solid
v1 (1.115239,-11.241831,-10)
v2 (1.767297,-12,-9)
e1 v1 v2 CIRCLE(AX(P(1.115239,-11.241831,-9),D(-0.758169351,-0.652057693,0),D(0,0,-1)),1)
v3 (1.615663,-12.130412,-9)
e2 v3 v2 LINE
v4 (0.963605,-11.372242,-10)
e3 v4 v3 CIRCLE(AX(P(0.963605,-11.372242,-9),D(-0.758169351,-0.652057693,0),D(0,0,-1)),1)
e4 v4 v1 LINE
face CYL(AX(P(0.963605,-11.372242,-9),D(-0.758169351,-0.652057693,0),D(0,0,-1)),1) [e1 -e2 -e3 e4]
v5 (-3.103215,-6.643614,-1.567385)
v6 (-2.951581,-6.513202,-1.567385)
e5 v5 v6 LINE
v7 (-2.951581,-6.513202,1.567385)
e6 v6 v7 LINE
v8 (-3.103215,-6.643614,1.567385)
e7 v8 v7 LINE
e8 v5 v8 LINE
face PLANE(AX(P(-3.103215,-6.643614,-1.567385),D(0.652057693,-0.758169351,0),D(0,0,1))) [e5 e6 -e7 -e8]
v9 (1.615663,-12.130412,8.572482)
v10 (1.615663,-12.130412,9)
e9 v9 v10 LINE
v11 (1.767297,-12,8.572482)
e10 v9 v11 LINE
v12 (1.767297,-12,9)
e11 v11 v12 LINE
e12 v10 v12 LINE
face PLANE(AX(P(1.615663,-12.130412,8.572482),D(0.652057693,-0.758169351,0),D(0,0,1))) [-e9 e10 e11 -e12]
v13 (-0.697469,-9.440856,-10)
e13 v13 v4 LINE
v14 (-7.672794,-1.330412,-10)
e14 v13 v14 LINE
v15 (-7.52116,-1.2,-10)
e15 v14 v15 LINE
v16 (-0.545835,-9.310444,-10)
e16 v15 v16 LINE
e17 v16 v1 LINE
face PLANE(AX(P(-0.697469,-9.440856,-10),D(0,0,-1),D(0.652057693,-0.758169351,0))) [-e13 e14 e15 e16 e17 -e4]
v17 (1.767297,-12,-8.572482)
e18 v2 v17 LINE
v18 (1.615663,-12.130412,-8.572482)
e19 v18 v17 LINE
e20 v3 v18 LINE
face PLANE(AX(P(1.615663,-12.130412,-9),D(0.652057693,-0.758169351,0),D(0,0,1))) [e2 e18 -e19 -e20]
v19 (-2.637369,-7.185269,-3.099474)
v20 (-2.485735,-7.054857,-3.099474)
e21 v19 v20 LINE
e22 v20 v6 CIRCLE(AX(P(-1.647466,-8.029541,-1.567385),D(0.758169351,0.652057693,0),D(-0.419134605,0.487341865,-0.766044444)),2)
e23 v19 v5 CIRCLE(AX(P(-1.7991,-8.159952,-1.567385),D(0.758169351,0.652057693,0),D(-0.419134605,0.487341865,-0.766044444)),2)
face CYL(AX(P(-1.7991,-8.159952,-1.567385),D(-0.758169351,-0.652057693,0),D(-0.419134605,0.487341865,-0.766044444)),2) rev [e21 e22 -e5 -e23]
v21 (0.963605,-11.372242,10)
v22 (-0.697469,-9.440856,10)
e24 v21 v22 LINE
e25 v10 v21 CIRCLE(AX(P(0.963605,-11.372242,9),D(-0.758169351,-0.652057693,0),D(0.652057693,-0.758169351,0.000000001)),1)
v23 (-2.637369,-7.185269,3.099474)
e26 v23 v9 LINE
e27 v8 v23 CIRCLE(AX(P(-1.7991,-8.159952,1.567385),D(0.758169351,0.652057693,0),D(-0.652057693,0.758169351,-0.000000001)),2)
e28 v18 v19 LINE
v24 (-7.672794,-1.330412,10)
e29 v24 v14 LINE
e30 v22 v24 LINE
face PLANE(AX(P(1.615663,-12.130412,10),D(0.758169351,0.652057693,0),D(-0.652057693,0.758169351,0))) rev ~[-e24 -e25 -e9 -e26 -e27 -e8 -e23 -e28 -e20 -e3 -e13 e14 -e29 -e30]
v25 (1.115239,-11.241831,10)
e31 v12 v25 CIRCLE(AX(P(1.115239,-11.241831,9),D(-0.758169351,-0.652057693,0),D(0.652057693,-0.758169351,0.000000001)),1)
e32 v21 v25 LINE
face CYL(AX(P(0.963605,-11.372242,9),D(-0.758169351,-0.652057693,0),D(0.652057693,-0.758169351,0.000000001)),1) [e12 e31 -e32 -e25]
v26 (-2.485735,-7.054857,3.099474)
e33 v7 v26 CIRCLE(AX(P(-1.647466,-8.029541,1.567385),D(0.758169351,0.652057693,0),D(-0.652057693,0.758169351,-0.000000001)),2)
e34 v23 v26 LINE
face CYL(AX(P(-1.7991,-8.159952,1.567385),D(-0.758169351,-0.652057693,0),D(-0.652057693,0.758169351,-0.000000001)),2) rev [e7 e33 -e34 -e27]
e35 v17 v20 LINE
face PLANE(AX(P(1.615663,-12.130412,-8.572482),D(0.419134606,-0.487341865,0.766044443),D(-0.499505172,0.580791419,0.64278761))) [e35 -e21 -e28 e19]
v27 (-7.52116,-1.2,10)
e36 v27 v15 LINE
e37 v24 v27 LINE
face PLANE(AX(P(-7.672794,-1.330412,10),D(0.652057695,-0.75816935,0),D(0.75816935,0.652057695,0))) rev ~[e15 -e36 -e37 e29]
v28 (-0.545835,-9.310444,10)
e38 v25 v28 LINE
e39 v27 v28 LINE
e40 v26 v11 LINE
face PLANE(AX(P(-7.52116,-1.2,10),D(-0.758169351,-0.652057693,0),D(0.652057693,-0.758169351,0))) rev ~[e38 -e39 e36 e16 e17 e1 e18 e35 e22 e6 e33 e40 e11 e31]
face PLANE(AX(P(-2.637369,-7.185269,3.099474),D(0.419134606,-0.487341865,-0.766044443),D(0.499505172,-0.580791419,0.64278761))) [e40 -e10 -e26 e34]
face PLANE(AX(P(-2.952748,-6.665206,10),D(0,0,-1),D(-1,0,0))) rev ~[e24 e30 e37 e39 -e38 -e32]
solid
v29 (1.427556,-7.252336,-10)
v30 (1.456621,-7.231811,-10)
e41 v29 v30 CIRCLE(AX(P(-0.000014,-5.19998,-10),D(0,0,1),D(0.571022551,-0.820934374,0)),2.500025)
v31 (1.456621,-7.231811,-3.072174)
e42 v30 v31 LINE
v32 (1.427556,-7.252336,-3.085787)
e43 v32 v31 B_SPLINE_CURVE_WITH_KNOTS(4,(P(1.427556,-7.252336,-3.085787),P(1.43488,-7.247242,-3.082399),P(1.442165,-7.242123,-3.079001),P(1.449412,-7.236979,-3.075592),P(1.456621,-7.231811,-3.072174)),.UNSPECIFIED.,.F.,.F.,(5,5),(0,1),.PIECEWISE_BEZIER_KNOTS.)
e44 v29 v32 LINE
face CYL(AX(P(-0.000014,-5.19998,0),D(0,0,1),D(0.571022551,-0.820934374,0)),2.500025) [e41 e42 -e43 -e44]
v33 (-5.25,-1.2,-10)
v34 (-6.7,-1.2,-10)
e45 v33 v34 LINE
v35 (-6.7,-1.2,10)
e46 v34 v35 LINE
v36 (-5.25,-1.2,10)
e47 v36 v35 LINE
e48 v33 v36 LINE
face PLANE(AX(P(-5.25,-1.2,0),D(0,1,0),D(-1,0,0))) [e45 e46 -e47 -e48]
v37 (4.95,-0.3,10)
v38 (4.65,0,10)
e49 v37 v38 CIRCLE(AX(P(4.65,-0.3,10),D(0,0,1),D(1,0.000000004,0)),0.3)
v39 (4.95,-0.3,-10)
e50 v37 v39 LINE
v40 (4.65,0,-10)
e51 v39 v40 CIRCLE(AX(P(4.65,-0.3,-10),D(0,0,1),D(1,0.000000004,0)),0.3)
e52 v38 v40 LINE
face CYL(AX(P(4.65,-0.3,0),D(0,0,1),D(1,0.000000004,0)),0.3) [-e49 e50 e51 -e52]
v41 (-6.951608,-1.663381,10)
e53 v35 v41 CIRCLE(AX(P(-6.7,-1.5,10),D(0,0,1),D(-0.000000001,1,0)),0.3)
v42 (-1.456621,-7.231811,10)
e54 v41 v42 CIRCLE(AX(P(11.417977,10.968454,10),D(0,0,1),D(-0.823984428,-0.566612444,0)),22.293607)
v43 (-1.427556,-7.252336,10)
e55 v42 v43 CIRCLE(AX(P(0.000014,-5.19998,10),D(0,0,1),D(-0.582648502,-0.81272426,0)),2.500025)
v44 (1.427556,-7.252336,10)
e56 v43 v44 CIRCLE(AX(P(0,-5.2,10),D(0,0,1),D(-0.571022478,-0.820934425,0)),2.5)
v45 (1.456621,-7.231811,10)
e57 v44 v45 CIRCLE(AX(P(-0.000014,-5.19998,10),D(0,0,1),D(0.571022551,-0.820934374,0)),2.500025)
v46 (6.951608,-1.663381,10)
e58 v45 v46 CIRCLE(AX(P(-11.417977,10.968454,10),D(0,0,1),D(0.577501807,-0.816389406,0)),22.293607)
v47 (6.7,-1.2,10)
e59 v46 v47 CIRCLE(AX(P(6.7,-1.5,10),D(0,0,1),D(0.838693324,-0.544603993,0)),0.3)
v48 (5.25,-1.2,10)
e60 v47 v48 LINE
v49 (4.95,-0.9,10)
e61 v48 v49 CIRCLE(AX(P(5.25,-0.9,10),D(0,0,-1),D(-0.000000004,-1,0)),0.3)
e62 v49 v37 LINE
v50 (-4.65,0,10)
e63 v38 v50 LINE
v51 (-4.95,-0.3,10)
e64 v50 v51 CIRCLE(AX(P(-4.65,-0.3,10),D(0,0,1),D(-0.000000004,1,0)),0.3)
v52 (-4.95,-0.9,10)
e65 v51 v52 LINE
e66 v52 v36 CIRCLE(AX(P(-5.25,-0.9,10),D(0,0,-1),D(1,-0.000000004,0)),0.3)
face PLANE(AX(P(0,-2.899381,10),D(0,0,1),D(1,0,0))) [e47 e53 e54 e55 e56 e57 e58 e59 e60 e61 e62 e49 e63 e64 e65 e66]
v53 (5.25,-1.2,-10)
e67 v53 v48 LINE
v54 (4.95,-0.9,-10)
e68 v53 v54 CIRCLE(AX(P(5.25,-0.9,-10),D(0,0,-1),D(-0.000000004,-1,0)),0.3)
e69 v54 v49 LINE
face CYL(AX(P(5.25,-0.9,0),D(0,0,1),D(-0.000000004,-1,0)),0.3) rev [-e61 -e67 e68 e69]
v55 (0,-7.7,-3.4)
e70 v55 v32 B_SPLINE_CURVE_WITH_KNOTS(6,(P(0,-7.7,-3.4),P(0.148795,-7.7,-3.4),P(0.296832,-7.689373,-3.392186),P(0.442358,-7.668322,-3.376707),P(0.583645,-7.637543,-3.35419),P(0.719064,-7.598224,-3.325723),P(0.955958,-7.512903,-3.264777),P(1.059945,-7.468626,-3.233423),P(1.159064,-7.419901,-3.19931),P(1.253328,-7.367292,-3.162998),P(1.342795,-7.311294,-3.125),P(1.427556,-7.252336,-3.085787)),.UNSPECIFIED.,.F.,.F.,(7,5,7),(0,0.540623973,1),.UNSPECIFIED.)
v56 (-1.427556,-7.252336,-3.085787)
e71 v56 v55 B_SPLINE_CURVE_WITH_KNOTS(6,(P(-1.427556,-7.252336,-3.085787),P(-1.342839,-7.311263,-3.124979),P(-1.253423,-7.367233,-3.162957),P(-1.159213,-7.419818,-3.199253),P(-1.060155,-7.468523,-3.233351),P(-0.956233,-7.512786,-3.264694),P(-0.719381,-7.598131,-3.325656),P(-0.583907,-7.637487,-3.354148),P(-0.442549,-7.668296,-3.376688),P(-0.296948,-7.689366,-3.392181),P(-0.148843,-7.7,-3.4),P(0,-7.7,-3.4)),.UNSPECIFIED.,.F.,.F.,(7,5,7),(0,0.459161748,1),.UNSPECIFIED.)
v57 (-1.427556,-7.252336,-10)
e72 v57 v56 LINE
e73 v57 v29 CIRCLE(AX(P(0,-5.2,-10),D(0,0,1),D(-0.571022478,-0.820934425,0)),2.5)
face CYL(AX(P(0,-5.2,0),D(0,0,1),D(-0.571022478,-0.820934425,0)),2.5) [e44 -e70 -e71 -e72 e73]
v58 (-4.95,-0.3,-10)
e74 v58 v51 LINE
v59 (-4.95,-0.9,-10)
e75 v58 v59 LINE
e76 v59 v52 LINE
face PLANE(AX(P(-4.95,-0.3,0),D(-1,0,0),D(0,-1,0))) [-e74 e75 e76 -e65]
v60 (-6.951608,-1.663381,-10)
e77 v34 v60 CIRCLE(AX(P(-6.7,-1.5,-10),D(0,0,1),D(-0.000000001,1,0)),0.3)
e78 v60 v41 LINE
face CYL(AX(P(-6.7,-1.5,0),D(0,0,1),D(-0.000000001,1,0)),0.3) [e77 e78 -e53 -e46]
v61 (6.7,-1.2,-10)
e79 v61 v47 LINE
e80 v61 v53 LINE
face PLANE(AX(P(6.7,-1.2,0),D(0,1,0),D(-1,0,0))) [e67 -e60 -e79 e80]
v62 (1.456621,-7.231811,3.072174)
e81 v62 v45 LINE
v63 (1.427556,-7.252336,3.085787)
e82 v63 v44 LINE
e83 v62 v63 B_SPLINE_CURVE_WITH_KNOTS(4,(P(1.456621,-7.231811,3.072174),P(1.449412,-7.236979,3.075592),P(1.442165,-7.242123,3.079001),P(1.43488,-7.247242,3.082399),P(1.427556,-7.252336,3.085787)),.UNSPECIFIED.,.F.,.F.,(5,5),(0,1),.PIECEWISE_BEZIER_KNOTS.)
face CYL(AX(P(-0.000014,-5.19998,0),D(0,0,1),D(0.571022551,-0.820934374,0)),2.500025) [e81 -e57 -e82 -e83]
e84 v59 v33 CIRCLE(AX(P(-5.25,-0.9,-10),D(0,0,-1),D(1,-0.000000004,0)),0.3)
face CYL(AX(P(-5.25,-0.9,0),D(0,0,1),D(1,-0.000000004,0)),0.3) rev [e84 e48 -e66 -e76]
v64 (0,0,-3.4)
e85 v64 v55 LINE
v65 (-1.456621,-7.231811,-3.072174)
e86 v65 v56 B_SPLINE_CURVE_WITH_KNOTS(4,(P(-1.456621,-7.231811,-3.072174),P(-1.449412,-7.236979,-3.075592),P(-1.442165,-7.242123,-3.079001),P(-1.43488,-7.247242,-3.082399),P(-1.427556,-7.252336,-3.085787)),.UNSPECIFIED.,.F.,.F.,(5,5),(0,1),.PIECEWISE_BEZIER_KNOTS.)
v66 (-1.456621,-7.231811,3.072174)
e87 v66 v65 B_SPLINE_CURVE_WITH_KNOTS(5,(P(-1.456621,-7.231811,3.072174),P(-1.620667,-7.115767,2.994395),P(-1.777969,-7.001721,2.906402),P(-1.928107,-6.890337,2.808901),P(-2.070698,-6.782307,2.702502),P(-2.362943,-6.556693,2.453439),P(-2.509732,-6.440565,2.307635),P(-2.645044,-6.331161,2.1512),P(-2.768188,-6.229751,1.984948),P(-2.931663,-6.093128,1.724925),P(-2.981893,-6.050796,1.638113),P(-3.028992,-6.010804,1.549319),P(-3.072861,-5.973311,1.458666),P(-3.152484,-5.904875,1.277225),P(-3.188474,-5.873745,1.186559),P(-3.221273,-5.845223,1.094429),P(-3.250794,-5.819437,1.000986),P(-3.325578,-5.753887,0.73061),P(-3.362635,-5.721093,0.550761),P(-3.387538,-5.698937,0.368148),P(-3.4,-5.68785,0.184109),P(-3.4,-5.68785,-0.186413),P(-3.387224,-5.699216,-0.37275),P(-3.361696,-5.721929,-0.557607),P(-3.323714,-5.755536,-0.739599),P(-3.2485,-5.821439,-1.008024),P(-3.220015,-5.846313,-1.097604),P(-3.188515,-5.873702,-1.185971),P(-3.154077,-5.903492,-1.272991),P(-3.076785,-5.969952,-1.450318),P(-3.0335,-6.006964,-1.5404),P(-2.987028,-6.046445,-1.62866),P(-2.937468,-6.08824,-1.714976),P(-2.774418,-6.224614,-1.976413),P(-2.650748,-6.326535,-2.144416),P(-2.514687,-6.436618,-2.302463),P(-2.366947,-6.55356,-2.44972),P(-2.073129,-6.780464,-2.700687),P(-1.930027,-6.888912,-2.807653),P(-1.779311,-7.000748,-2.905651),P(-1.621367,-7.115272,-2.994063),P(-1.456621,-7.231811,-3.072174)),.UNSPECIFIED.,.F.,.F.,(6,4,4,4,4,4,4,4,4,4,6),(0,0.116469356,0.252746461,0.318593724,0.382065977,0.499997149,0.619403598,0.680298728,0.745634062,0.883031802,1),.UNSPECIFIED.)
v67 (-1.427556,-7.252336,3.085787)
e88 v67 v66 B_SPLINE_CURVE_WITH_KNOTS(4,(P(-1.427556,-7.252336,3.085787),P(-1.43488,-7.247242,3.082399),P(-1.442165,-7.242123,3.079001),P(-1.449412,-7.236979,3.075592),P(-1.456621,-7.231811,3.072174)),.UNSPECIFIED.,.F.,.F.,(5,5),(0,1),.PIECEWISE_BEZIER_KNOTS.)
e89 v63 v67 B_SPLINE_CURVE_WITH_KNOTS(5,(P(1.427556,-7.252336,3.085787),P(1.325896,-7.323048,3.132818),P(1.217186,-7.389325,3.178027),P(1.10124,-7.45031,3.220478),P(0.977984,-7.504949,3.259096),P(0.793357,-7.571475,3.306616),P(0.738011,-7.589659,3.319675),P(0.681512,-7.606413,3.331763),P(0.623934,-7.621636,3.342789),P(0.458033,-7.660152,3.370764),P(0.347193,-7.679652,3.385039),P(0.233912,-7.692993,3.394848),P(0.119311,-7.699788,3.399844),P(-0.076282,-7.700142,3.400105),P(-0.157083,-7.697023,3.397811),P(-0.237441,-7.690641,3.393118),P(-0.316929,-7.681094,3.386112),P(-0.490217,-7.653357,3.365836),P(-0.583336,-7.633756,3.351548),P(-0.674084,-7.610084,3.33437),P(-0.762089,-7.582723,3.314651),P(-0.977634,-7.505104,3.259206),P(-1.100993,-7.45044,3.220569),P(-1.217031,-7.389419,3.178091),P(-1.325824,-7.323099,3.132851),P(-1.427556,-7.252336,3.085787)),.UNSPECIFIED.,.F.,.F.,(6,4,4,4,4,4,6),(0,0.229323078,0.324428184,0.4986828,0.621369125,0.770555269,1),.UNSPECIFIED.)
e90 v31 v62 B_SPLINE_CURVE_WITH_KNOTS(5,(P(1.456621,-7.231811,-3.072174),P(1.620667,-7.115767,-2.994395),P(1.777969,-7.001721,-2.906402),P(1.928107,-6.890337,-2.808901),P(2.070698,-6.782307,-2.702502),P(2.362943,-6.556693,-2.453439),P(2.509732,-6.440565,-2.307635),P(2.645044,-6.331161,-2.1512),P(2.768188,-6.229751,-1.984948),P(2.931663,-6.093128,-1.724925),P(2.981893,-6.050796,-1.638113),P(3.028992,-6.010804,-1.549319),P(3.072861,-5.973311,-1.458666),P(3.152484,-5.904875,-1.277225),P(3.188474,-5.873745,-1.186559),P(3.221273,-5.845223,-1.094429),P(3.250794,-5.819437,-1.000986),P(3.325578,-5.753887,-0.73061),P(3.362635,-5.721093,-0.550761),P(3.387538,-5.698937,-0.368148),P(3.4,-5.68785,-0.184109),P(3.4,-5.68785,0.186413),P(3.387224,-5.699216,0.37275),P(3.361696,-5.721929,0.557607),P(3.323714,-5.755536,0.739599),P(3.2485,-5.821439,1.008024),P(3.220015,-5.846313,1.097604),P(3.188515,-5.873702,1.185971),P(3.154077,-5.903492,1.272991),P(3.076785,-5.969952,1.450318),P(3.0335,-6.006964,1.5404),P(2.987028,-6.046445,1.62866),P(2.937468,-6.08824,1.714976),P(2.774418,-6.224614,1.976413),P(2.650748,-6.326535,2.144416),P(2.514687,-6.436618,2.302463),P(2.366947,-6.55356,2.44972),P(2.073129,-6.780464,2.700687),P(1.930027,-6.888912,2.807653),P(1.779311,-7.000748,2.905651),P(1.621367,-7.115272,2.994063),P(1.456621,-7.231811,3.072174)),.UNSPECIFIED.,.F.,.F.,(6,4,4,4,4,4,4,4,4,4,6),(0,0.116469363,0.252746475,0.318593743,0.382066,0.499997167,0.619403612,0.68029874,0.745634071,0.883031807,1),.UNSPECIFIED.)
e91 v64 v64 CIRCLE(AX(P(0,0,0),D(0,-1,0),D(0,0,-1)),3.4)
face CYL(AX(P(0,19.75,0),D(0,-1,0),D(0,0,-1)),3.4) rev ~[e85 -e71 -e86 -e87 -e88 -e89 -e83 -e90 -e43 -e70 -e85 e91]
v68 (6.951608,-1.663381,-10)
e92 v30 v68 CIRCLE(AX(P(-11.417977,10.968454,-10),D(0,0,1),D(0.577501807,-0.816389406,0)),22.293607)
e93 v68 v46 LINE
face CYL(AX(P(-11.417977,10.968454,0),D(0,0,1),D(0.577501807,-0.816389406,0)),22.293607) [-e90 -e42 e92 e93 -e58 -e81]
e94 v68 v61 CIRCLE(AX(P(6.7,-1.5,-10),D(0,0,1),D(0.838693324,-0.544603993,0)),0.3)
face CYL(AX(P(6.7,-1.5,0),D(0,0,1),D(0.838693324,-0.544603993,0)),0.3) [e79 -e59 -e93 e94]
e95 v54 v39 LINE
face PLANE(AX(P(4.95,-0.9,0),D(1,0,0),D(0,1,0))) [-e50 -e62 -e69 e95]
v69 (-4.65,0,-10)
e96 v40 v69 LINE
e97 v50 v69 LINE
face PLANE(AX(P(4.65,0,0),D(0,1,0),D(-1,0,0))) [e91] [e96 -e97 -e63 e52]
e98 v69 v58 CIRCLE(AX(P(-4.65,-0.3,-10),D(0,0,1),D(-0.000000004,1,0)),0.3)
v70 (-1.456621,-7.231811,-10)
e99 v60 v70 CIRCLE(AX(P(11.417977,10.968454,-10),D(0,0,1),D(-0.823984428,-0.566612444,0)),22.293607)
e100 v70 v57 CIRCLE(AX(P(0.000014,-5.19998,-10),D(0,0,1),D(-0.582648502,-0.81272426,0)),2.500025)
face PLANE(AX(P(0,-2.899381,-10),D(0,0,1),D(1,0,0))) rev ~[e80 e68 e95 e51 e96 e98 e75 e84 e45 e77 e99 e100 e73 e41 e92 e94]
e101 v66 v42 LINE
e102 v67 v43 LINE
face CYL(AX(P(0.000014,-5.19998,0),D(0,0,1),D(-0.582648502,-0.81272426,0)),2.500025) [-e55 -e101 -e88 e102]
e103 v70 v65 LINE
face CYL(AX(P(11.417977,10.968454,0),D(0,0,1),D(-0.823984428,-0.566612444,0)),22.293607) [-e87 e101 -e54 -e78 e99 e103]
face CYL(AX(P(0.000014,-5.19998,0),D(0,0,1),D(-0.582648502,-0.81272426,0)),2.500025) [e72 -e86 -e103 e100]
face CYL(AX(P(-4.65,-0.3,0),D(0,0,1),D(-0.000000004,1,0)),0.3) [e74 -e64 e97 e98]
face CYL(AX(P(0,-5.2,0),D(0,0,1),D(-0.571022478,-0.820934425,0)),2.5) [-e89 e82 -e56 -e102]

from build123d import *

# Parameters (mm, degrees)
EXTRUDE_1_DEPTH        = 10
HOLE_WIZARD_M8_1_D     = 6.8
HOLE_WIZARD_M8_1_DEPTH = 19.75
HOLE_WIZARD_M8_1_TIP   = 2.042926105
EXTRUDE_2_DEPTH        = 20
CUT_EXTRUDE_1_DEPTH    = 0.2


with BuildPart() as part:
    # 草图1 → 凸台-拉伸1 (new, symmetric)
    with BuildSketch(Plane.XY):
        with BuildLine():
            ThreePointArc((-4.65, 0), (-4.862132034, -0.087867966), (-4.95, -0.3))
            Line((-4.95, -0.3), (-4.95, -0.9))
            ThreePointArc((-4.95, -0.9), (-5.037867966, -1.112132034), (-5.25, -1.2))
            Line((-5.25, -1.2), (-6.7, -1.2))
            ThreePointArc((-6.7, -1.2), (-6.963642143, -1.356846864), (-6.951607997, -1.663381198))
            ThreePointArc((-6.951607997, -1.663381198), (-4.450280622, -4.690515113), (-1.456621363, -7.231810573))
            ThreePointArc((-1.456621363, -7.231810573), (-1.442125297, -7.242125027), (-1.427556197, -7.252336061))
            ThreePointArc((-1.427556197, -7.252336061), (0, -7.7), (1.427556197, -7.252336061))
            ThreePointArc((1.427556197, -7.252336061), (1.442125297, -7.242125027), (1.456621363, -7.231810573))
            ThreePointArc((1.456621363, -7.231810573), (4.450280622, -4.690515113), (6.951607997, -1.663381198))
            ThreePointArc((6.951607997, -1.663381198), (6.963642143, -1.356846864), (6.7, -1.2))
            Line((6.7, -1.2), (5.25, -1.2))
            ThreePointArc((5.25, -1.2), (5.037867966, -1.112132034), (4.95, -0.9))
            Line((4.95, -0.9), (4.95, -0.3))
            ThreePointArc((4.95, -0.3), (4.862132034, -0.087867966), (4.65, 0))
            Line((4.65, 0), (-4.65, 0))
        make_face()
    extrude(amount=EXTRUDE_1_DEPTH, both=True)

    # M8 螺纹孔1
    with Locations(Plane.ZX):
        with Locations((0, 0)):
            Hole(HOLE_WIZARD_M8_1_D / 2, depth=HOLE_WIZARD_M8_1_DEPTH)
            with Locations((0, 0, -(HOLE_WIZARD_M8_1_DEPTH + HOLE_WIZARD_M8_1_TIP / 2))):  # 118° drill point
                Cone(0, HOLE_WIZARD_M8_1_D / 2, HOLE_WIZARD_M8_1_TIP, mode=Mode.SUBTRACT)


with BuildPart() as body_2:
    # 草图5 → 凸台-拉伸2 (new body)
    with BuildSketch(Plane.XY.offset(10)):
        Polygon((-7.52115968, -1.2), (1.767296875, -12), (1.615663005, -12.130411539), (-7.67279355, -1.330411539), align=None)
    extrude(amount=-EXTRUDE_2_DEPTH)

    # 草图6 → 切除-拉伸1 (cut)
    with BuildSketch(Plane(origin=(-5.068196823, -4.358863519, 0), x_dir=(0, 0, 1), z_dir=(-0.7581693513781735, -0.6520576927165261, 0))):
        with BuildLine():
            Line((-1.567384684, -3.013509016), (1.567384684, -3.013509016))
            ThreePointArc((1.567384684, -3.013509016), (2.412621207, -3.200893441), (3.09947357, -3.727933796))
            Line((3.09947357, -3.727933796), (8.572482406, -10.250411739))
            Line((8.572482406, -10.250411739), (9, -10.250411739))
            ThreePointArc((9, -10.250411739), (9.707106781, -9.95751852), (10, -9.250411739))
            Line((10, -9.250411739), (10, -6.702977697))
            Line((10, -6.702977697), (14.457590001, -13.418778721))
            Line((14.457590001, -13.418778721), (-1.066661314, -21.025239845))
            Line((-1.066661314, -21.025239845), (-16.310353871, -17.222009283))
            Line((-16.310353871, -17.222009283), (-10, -6.702977697))
            Line((-10, -6.702977697), (-10, -9.250411739))
            ThreePointArc((-10, -9.250411739), (-9.707106781, -9.95751852), (-9, -10.250411739))
            Line((-9, -10.250411739), (-8.572482406, -10.250411739))
            Line((-8.572482406, -10.250411739), (-3.09947357, -3.727933796))
            ThreePointArc((-3.09947357, -3.727933796), (-2.412621207, -3.200893441), (-1.567384684, -3.013509016))
        make_face()
    extrude(amount=-CUT_EXTRUDE_1_DEPTH, mode=Mode.SUBTRACT)


solid = Compound([part.part, body_2.part])
